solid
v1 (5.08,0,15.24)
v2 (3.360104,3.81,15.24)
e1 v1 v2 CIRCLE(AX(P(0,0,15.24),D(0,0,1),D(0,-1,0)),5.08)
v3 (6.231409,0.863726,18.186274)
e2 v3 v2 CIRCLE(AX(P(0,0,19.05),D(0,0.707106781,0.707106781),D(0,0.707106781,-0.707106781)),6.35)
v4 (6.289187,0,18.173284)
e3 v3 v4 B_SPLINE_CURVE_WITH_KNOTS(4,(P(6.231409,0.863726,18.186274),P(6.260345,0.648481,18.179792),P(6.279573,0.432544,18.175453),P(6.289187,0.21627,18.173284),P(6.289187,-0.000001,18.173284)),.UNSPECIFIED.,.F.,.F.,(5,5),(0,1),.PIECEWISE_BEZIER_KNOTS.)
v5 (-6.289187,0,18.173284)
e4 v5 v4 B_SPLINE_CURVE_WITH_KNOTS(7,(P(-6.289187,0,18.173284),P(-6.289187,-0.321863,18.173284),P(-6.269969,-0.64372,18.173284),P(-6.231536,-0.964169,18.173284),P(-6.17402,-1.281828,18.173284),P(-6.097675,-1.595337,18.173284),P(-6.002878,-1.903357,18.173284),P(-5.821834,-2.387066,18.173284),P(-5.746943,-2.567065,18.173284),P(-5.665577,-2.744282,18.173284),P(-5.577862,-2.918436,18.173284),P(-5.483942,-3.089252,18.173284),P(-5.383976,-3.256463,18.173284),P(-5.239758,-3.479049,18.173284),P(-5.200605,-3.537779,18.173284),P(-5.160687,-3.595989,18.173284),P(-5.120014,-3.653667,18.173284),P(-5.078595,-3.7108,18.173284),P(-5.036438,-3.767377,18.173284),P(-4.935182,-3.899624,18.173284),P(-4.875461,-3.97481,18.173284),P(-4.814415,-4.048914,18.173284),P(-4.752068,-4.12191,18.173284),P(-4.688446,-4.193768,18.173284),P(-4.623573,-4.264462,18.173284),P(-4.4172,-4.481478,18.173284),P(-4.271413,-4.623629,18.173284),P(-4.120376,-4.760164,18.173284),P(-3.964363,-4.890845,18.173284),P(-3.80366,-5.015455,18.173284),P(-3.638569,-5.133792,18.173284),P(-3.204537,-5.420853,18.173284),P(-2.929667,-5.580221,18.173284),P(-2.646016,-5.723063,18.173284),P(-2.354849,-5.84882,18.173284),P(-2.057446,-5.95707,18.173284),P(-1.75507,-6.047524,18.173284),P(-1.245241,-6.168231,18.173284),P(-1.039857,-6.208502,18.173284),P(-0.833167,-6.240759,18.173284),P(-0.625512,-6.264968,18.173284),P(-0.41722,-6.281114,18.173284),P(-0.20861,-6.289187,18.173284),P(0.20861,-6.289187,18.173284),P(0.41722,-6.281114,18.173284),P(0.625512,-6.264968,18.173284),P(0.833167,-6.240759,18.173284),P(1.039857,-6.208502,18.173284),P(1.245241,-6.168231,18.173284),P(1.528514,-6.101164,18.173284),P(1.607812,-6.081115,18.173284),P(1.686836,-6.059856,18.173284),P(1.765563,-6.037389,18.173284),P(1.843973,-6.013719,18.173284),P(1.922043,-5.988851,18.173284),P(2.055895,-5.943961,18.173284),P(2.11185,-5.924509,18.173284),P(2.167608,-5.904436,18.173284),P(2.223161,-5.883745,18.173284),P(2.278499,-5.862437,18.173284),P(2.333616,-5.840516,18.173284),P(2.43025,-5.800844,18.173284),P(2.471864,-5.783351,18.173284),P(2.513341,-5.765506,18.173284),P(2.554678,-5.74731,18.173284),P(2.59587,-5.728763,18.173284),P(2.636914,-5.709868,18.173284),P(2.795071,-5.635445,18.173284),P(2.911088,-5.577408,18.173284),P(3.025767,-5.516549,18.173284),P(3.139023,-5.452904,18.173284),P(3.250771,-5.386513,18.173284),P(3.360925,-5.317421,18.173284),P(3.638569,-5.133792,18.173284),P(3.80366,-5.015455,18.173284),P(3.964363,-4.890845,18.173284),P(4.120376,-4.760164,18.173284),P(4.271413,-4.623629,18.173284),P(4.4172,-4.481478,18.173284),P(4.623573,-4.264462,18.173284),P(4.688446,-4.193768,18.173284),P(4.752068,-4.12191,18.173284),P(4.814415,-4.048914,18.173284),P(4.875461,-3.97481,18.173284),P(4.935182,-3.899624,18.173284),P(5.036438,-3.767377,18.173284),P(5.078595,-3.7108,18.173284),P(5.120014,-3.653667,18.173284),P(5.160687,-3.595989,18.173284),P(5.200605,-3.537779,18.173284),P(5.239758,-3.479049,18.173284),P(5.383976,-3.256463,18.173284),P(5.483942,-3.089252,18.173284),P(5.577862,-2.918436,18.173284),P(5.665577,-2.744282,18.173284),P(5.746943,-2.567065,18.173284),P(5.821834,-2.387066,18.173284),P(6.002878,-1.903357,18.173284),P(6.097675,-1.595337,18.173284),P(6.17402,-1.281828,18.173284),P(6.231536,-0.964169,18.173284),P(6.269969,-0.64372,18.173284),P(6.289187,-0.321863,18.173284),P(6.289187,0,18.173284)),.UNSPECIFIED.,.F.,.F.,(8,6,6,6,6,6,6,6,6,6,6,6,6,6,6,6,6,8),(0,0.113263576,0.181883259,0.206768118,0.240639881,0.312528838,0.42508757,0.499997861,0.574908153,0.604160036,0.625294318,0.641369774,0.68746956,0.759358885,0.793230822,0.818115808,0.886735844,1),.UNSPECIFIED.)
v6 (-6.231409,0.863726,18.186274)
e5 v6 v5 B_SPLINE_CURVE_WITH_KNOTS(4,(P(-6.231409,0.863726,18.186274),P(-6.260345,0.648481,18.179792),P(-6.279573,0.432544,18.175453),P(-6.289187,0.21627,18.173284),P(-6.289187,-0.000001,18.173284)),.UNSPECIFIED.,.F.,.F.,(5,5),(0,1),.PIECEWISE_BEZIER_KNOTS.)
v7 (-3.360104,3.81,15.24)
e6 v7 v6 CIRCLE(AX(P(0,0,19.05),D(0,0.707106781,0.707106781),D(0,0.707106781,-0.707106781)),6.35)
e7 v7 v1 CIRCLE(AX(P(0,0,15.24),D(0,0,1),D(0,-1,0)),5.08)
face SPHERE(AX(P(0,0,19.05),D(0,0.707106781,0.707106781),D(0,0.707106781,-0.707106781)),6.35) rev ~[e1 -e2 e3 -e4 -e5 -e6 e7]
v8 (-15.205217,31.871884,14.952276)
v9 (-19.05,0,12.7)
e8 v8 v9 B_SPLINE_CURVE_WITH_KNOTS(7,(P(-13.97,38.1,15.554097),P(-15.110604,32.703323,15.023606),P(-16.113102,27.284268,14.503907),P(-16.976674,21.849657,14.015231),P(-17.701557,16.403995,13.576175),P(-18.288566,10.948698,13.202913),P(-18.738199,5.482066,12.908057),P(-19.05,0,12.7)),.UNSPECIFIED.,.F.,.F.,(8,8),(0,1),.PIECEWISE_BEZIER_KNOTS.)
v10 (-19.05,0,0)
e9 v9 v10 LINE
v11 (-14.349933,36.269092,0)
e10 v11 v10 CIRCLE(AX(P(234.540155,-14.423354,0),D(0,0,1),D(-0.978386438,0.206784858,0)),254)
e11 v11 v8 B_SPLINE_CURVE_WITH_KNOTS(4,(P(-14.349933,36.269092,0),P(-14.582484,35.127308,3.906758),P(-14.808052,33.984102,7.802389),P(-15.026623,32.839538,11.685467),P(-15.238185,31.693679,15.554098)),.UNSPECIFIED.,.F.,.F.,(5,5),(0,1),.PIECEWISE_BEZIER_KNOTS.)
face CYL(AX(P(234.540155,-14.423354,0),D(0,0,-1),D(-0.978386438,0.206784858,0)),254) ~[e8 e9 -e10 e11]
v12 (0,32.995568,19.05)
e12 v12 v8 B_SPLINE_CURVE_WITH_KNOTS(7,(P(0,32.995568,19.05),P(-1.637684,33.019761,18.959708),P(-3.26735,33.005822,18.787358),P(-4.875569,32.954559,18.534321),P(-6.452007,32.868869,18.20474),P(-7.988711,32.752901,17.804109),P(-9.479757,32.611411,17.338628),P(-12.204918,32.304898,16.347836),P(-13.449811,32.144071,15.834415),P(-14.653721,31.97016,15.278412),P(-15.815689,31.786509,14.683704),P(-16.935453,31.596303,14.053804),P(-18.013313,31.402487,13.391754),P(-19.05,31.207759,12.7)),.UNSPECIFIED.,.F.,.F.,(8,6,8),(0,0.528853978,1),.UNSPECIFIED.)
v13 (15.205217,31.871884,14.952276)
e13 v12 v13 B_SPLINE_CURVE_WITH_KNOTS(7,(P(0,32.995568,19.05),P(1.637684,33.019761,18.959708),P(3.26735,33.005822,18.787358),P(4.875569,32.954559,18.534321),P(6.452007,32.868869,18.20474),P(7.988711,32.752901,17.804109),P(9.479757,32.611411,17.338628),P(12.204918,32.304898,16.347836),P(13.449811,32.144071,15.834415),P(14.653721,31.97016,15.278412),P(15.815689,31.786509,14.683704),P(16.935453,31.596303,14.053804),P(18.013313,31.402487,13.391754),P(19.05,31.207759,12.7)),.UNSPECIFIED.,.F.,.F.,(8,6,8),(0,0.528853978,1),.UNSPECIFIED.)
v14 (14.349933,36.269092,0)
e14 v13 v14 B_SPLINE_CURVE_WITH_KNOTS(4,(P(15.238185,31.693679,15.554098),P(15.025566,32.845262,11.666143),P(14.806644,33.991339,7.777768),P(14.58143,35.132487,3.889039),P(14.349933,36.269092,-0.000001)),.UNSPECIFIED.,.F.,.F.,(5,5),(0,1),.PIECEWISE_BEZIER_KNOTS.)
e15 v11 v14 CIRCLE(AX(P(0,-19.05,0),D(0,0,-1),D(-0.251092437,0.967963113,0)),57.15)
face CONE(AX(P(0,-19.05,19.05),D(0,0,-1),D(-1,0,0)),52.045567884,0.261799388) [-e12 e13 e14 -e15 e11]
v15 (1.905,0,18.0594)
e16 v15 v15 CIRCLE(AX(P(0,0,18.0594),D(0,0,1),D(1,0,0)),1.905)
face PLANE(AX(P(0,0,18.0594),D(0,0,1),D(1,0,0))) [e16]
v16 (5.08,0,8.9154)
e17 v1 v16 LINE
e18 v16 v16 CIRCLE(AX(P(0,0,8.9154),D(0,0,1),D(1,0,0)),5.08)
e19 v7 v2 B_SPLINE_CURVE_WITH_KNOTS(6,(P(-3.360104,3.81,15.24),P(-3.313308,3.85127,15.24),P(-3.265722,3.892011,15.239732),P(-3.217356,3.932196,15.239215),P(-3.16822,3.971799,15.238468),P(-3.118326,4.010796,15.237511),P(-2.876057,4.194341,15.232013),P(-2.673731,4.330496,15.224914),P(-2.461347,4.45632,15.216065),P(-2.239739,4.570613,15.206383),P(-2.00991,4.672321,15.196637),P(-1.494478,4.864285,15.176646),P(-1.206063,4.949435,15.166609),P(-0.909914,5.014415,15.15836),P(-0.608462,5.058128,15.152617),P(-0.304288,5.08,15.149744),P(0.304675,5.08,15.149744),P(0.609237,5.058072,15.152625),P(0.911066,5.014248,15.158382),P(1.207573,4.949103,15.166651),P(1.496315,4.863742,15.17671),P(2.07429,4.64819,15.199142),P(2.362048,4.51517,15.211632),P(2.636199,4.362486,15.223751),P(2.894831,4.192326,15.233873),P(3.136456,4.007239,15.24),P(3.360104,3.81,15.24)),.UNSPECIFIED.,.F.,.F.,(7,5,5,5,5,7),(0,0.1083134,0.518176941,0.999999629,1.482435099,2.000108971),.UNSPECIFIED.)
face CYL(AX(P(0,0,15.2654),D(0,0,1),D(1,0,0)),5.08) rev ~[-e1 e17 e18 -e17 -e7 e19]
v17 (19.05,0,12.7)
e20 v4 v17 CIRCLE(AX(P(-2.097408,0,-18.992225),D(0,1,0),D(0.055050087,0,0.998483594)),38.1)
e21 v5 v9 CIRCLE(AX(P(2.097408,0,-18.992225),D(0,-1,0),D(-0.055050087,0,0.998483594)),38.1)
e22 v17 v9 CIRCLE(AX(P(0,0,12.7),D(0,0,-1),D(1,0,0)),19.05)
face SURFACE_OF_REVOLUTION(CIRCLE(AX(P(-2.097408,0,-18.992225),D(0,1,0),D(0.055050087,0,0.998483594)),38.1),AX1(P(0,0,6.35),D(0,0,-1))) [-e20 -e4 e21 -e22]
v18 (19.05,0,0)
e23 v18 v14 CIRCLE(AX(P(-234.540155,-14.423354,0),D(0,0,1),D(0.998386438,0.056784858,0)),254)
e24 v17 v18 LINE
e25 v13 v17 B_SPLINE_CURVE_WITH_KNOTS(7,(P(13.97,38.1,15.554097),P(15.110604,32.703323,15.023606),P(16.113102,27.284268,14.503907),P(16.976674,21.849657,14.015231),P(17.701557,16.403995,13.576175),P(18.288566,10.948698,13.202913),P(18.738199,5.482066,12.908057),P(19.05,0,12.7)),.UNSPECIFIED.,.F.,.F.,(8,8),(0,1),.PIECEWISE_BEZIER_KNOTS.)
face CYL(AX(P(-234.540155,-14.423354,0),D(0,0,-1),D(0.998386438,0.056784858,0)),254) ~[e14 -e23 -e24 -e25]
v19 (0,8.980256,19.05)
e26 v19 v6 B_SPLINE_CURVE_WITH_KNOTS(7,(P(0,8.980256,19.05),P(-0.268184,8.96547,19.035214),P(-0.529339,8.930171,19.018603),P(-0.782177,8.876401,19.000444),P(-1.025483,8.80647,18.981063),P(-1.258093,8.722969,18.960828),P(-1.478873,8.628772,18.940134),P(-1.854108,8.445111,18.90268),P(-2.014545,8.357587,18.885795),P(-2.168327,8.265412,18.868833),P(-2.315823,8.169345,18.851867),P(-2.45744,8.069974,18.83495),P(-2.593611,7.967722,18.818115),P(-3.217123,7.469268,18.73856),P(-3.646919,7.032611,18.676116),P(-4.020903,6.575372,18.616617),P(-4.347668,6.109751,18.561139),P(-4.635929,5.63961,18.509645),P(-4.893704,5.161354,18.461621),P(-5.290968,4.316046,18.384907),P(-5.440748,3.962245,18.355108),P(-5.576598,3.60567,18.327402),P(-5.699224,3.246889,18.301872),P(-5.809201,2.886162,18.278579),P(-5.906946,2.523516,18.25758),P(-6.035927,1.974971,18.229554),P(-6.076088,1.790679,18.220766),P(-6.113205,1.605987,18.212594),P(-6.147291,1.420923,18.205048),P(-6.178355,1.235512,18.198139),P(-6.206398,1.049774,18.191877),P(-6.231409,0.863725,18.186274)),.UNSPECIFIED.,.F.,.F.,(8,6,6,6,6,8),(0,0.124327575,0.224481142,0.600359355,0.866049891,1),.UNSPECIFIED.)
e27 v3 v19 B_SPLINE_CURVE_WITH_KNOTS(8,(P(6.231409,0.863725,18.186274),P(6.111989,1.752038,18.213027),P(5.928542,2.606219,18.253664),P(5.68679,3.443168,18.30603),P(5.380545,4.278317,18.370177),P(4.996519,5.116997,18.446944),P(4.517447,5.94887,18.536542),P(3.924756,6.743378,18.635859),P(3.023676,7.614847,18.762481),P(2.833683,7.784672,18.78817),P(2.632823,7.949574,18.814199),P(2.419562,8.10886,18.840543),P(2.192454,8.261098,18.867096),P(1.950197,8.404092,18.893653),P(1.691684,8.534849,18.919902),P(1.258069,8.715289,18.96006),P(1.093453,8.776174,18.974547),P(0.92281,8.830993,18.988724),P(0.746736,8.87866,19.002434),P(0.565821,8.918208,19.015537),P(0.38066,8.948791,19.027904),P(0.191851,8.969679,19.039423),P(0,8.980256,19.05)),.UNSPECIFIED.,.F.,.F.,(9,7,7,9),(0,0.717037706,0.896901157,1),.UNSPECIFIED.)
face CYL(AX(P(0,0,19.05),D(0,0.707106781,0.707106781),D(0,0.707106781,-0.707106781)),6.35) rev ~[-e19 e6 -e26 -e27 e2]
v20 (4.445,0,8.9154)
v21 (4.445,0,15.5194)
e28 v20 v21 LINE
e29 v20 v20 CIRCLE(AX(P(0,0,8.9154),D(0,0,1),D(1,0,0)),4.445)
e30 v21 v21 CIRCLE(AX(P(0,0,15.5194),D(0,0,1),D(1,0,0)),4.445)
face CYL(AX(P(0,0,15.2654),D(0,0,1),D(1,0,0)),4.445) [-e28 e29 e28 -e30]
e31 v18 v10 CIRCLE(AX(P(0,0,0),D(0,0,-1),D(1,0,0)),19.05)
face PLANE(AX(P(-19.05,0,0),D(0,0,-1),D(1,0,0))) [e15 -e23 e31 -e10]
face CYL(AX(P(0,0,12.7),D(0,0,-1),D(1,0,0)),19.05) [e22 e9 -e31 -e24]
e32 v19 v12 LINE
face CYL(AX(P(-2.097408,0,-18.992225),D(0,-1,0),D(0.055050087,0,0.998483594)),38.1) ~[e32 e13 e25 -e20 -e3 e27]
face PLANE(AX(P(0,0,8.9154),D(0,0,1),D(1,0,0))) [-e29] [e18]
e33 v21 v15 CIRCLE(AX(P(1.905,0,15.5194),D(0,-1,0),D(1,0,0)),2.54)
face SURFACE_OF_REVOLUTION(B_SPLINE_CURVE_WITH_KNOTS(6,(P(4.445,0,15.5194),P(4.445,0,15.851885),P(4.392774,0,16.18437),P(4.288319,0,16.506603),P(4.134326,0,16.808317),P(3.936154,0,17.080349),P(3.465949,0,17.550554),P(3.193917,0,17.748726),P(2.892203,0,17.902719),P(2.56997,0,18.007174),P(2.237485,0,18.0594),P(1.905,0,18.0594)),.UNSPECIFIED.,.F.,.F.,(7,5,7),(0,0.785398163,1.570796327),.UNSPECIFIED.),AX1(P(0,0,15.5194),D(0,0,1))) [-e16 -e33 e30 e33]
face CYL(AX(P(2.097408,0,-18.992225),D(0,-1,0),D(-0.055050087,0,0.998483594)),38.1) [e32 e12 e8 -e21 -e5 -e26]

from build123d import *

# Parameters (mm, degrees)
F1_ANGLE_BACK  = 90
F1_ANGLE       = 180
F2_DEPTH       = 38.1
F4_DEPTH       = 19.051
F6_ANGLE_BACK  = 90
F6_ANGLE       = 180
F10_R          = 5.08
F10_R_2        = 4.445
F11_DEPTH      = 6.35
F12_DEPTH      = 2.794
F12_DEPTH_BACK = 6.35
F13_R          = 2.54


with BuildPart() as f1:
    # F0 (on Right) → F1 (revolve)
    with BuildSketch(Plane.YZ, mode=Mode.PRIVATE) as f1_sk:
        with BuildLine():
            Line((-19.05, 0), (0, 0))
            Line((0, 0), (0, 12.7))
            Line((0, 12.7), (0, 19.05))
            ThreePointArc((0, 19.05), (-9.950869572, 17.152608716), (-19.05, 12.7))
            Line((-19.05, 12.7), (-19.05, 0))
        make_face()
    revolve(f1_sk.sketch.rotate(Axis((0, 0, 6.35), (0, 0, -1)), -F1_ANGLE_BACK), axis=Axis((0, 0, 6.35), (0, 0, -1)), revolution_arc=F1_ANGLE)

    # F2 (add): a face of the model
    f2_faces = [f1.faces().sort_by_distance(p)[0] for p in [
        (0, 0, 8.5143309126),
    ]]
    extrude(f2_faces, amount=F2_DEPTH)

    # F3 (on face) → F4 (cut, through all)
    with BuildSketch(Plane(origin=(0, 0, 0), x_dir=(1, 0, 0), z_dir=(0, 0, -1))):
        with BuildLine():
            ThreePointArc((19.05, 0), (17.2317314868, -19.1462308649), (13.97, -38.1))
            Line((13.97, -38.1), (19.05, -38.1))
            Line((19.05, -38.1), (19.05, 0))
        make_face()
        with BuildLine():
            Line((-19.05, -38.1), (-13.97, -38.1))
            ThreePointArc((-13.97, -38.1), (-17.2317314868, -19.1462308649), (-19.05, 0))
            Line((-19.05, 0), (-19.05, -38.1))
        make_face()
    extrude(amount=-F4_DEPTH, mode=Mode.SUBTRACT)

    # F5 (on Right) → F6 (revolve, cut)
    with BuildSketch(Plane.YZ, mode=Mode.PRIVATE) as f6_sk:
        Polygon((32.9955678842, 19.05), (38.1, 0), (45.72, 0), (45.72, 19.05), (38.1, 19.05), align=None)
    revolve(f6_sk.sketch.rotate(Axis((0, -19.05, 6.35), (0, 0, -1)), -F6_ANGLE_BACK), axis=Axis((0, -19.05, 6.35), (0, 0, -1)), revolution_arc=F6_ANGLE, mode=Mode.SUBTRACT)

    # F7 (on Right) → F8 (revolve, cut)
    with BuildSketch(Plane.YZ):
        with BuildLine():
            ThreePointArc((-4.4901280605, 14.5598719395), (0, 12.7), (4.4901280605, 14.5598719395))
            Line((4.4901280605, 14.5598719395), (19.18810552, 29.2578493989))
            Line((19.18810552, 29.2578493989), (14.6979774594, 33.7479774594))
            Line((14.6979774594, 33.7479774594), (-4.4901280605, 14.5598719395))
        make_face()
    revolve(axis=Axis((0, 17.5408982918, 36.5908982918), (0, 0.7071067812, 0.7071067812)), mode=Mode.SUBTRACT)

    # F10 (on offset) → F11 (cut)
    with BuildSketch(Plane.XY.offset(15.2654)):
        Circle(F10_R)
        Circle(F10_R_2, mode=Mode.SUBTRACT)
        Circle(F10_R_2)
    extrude(amount=-F11_DEPTH, mode=Mode.SUBTRACT)

    # F10 (on offset) → F12 (join, two sides)
    with BuildSketch(Plane.XY.offset(15.2654)) as f12_sk:
        Circle(F10_R_2)
    extrude(amount=F12_DEPTH)
    extrude(f12_sk.sketch, amount=-F12_DEPTH_BACK)

    # F13
    f13_edges = [f1.edges().sort_by_distance(p)[0] for p in [
        (-4.445, 0, 18.0594),
    ]]
    fillet(f13_edges, radius=F13_R)


solid = f1.part
